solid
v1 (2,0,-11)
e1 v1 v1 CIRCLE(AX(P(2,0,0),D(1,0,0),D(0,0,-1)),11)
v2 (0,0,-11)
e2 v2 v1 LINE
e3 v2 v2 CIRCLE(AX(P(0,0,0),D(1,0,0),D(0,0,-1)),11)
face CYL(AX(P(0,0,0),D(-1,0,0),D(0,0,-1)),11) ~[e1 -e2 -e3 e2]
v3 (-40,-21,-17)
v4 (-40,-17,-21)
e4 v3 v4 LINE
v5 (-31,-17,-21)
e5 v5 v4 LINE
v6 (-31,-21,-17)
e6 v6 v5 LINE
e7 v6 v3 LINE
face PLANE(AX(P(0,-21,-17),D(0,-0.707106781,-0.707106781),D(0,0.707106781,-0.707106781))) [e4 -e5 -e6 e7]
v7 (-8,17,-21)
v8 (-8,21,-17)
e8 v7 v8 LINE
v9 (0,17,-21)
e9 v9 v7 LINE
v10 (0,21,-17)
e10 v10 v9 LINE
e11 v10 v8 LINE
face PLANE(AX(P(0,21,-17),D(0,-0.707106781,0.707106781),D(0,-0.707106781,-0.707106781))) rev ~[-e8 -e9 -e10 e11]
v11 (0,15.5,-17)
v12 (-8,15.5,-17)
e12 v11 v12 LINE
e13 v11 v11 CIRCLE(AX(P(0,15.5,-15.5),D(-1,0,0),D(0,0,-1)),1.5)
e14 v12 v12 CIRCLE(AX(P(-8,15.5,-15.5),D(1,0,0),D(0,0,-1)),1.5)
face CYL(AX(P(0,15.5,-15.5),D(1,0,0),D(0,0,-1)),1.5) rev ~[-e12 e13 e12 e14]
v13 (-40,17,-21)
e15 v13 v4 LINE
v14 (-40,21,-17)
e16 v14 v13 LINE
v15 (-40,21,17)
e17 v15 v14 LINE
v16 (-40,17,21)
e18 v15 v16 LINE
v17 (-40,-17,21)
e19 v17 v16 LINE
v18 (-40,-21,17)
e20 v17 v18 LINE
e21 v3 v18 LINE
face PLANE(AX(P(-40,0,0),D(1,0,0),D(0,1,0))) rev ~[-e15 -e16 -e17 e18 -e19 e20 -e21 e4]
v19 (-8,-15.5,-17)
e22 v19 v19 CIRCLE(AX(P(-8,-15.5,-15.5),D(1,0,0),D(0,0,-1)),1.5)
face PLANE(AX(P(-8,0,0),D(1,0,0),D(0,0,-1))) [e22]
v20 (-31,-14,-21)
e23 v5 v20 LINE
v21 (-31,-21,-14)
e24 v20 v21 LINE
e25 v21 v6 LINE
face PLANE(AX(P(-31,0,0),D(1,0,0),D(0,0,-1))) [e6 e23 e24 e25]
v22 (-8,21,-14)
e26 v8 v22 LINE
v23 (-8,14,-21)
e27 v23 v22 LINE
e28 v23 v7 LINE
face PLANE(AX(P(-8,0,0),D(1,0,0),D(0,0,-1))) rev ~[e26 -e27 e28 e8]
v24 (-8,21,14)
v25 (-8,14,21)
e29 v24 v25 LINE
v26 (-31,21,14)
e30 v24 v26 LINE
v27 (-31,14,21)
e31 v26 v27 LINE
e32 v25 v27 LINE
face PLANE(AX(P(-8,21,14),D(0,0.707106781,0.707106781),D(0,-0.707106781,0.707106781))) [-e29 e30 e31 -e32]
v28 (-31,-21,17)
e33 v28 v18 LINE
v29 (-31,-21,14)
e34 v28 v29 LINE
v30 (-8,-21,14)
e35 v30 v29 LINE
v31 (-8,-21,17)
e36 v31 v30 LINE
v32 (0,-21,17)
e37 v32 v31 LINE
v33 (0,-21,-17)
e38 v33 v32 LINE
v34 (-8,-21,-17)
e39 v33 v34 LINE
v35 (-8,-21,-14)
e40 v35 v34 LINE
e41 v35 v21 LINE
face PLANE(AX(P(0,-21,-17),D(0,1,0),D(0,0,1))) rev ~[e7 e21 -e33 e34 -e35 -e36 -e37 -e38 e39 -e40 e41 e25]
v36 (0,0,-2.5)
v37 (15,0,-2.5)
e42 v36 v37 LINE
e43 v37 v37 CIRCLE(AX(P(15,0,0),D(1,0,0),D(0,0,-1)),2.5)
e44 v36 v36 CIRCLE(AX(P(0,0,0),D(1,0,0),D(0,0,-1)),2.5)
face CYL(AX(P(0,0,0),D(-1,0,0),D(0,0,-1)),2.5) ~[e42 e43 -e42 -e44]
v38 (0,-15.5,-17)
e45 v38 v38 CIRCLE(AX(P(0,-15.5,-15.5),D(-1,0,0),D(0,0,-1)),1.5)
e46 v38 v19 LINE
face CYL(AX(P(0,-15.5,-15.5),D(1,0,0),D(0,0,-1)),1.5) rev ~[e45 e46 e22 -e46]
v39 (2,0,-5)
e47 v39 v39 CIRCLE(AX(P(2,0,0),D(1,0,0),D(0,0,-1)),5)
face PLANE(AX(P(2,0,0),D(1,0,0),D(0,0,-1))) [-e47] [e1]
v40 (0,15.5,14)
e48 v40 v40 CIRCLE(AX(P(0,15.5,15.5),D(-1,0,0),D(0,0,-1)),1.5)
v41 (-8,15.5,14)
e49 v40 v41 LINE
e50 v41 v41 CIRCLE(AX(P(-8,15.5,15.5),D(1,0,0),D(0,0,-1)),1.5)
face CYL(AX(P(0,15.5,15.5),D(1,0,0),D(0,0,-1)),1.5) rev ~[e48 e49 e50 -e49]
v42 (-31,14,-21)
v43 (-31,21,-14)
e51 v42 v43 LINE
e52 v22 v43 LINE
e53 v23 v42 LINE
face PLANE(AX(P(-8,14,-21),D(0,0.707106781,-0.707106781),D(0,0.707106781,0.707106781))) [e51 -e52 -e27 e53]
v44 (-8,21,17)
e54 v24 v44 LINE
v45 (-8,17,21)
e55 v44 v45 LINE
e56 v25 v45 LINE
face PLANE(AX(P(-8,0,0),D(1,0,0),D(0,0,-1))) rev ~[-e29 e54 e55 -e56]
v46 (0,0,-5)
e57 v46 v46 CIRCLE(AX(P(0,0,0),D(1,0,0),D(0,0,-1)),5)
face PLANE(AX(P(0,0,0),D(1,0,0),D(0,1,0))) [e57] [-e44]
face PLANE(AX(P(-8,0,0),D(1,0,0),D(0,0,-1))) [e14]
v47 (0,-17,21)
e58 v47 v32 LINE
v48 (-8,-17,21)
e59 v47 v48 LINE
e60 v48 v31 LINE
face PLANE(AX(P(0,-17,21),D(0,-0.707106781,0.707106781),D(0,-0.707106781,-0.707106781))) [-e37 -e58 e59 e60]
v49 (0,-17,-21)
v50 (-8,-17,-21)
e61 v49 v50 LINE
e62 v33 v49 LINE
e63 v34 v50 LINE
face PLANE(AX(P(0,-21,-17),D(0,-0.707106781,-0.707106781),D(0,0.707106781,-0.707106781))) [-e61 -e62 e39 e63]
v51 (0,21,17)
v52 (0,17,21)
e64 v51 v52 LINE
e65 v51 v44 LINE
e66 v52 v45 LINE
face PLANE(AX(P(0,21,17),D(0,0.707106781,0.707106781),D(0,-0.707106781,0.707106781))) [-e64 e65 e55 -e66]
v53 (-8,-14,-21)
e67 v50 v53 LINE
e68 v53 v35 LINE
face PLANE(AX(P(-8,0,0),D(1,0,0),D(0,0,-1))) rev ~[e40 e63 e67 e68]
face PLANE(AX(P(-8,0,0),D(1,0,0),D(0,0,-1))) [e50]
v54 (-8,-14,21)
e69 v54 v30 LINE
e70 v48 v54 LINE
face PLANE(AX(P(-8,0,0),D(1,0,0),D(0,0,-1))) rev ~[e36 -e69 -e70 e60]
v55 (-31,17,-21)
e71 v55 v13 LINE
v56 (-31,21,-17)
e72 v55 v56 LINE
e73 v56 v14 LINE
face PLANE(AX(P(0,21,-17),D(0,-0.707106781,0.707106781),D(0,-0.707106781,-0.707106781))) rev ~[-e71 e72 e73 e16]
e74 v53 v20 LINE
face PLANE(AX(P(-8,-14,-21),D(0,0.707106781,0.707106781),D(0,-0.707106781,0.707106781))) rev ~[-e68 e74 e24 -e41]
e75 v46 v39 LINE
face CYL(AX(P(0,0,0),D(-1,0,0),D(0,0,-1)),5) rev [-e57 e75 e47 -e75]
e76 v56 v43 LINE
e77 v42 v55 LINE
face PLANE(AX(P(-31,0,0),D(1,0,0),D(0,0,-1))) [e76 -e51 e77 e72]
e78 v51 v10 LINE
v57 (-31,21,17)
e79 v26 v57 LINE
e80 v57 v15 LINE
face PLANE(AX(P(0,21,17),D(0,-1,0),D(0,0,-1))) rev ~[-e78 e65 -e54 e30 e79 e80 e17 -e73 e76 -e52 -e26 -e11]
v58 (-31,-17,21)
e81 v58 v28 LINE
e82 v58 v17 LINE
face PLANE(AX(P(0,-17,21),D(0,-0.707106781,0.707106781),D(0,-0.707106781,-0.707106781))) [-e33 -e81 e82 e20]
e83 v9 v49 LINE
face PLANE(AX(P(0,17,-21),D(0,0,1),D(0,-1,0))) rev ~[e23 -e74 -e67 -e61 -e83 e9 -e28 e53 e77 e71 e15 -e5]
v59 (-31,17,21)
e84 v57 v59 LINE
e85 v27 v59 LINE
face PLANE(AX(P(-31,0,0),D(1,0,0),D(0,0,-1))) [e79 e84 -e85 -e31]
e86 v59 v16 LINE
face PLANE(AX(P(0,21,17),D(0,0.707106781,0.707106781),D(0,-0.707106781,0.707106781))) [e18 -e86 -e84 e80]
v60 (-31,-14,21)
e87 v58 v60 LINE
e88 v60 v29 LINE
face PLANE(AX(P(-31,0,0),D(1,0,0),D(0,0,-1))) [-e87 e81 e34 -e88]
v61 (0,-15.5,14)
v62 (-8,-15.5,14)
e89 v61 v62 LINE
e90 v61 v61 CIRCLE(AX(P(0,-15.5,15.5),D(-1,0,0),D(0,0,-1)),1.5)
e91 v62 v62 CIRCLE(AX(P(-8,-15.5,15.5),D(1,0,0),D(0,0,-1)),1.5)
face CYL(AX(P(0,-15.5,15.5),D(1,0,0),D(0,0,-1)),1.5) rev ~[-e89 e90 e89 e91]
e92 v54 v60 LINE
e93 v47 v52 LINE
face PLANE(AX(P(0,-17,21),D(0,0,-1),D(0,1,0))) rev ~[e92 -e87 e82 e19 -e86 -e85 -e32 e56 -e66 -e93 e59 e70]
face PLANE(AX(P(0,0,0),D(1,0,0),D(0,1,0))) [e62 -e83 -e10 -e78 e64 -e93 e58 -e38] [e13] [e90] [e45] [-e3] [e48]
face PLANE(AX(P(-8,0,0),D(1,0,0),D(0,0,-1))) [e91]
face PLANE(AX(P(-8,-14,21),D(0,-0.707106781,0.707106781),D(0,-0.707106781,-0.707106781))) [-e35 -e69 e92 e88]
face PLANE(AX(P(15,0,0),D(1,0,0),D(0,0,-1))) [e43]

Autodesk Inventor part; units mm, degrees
ref_plane "YZ Plane" through (0, 0, 0) normal (1, 0, 0) x (0, 1, 0)
ref_plane "XZ Plane" through (0, 0, 0) normal (0, 1, 0) x (-1, 0, 0)
ref_plane "XY Plane" through (0, 0, 0) normal (0, 0, 1) x (1, 0, 0)
sketch "Эскиз1" plane through (0, 0, 0) normal (1, 0, 0) x (0, 1, 0)
  line L0 (-17, 21) -> (17, 21)
  line L1 (21, 17) -> (21, -17)
  line L2 (17, -21) -> (-17, -21)
  line L3 (-21, -17) -> (-21, 17)
  line L4 (-21, 21) -> (21, -21) construction
  line L5 (21, 21) -> (-21, -21) construction
  line L6 (21, 17) -> (17, 21)
  line L7 (21, -17) -> (17, -21)
  line L8 (-17, 21) -> (-21, 17)
  line L9 (-21, -17) -> (-17, -21)
  point P0 (0, 0)
  dimension "d0" = 42
  dimension "d1" = 42
  dimension "d2" = 4
  dimension "d3" = 4
  dimension "d4" = 4
  dimension "d5" = 4
  dimension "d6" = 4
  dimension "d7" = 4
  dimension "d8" = 4
  dimension "d9" = 4
extrude "Выдавливание1" add sketch "Эскиз1" against normal blind 40
ref_plane "РабПлоскость1" through (-8, 0, 0) normal (1, 0, 0) x (0, 0, -1)
sketch "Эскиз2" plane through (-8, 0, 0) normal (1, 0, 0) x (0, 0, -1)
  line L0 (-21, -17) -> (-17, -21)
  line L1 (-14, -21) -> (14, -21)
  line L2 (17, -21) -> (21, -17)
  line L3 (21, -14) -> (21, 14)
  line L4 (21, 17) -> (17, 21)
  line L5 (17, 21) -> (-14, 21)
  line L6 (-17, 21) -> (-21, 17)
  line L7 (-21, 14) -> (-21, -14)
  line L8 (14, 21) -> (-17, 21)
  line L9 (-21, -17) -> (-21, 17)
  line L10 (21, -17) -> (21, 17)
  line L11 (-17, -21) -> (17, -21)
  line L12 (-14, 21) -> (-21, 14)
  line L13 (-21, -14) -> (-14, -21)
  line L14 (21, -14) -> (14, -21)
  line L15 (21, 14) -> (14, 21)
  point P0 (0, 0)
  point P1 (-21, 21)
  point P2 (-21, -21)
  point P3 (21, -21)
  point P4 (21, 21)
  point P5 (14, -21)
  point P6 (-14, 21)
  dimension "d14" = 7
  dimension "d15" = 7
  dimension "d16" = 7
  dimension "d17" = 7
  dimension "d18" = 7
  dimension "d19" = 7
  dimension "d20" = 7
  dimension "d21" = 7
extrude "Выдавливание2" cut sketch "Эскиз2" against normal blind 23 contours L9 L13 L11 L0 | L9 L6 L8 L12 | L14 L10 L2 L11 | L5 L4 L10 L15
sketch "Эскиз3" plane through (0, 0, 0) normal (1, 0, 0) x (0, 0, -1)
  line L0 (-21, -17) -> (-17, -21) projected
  line L1 (-17, -21) -> (17, -21) projected
  line L2 (17, -21) -> (21, -17) projected
  line L3 (21, -17) -> (21, 17) projected
  line L4 (21, 17) -> (17, 21) projected
  line L5 (17, 21) -> (-17, 21) projected
  line L6 (-17, 21) -> (-21, 17) projected
  line L7 (-21, 17) -> (-21, -17) projected
  circle A0 centre (0, 0) radius 2.5
  dimension "d24" = 5
extrude "Выдавливание3" add sketch "Эскиз3" along normal blind 15 contours A0
sketch "Эскиз4" plane through (0, 0, 0) normal (1, 0, 0) x (0, 0, -1)
  line L0 (-15.5, -15.5) -> (15.5, -15.5)
  line L1 (15.5, -15.5) -> (15.5, 15.5)
  line L2 (15.5, 15.5) -> (-15.5, 15.5)
  line L3 (-15.5, 15.5) -> (-15.5, -15.5)
  line L4 (-15.5, -15.5) -> (15.5, 15.5) construction
  line L5 (15.5, -15.5) -> (-15.5, 15.5) construction
  circle A0 centre (-15.5, 15.5) radius 1.5
  circle A1 centre (15.5, 15.5) radius 1.5
  circle A2 centre (15.5, -15.5) radius 1.5
  circle A3 centre (-15.5, -15.5) radius 1.5
  point P0 (0, 0)
  dimension "d27" = 31
  dimension "d28" = 31
  dimension "d29" = 3
  dimension "d30" = 3
  dimension "d31" = 3
  dimension "d32" = 3
extrude "Выдавливание4" cut sketch "Эскиз4" against normal blind 8 contours L3 A3 L0 | L0 A3 L3 | A2 L1 L0 | L0 L1 A2 | A0 L2 L3 | L3 L2 A0 | A1 L2 L1 | L1 L2 A1
sketch "Эскиз5" plane through (15, 0, 0) normal (1, 0, 0) x (0, 0, -1)
  point P0 (0, 0)
sketch "Эскиз6" plane through (0, 0, 0) normal (1, 0, 0) x (0, 0, -1)
  circle A0 centre (0, 0) radius 2.5 projected
  circle A1 centre (0, 0) radius 11
  circle A2 centre (0, 0) radius 5
  dimension "d35" = 22
  dimension "d36" = 6
extrude "Выдавливание5" add sketch "Эскиз6" along normal blind 2 contours A1
equation "\"d3\" = d2"
equation "\"d4\" = d2"
equation "\"d5\" = d4"
equation "\"d6\" = d2"
equation "\"d7\" = d6"
equation "\"d8\" = d2"
equation "\"d9\" = d8"
equation "\"d15\" = d14"
equation "\"d16\" = d14"
equation "\"d17\" = d16"
equation "\"d18\" = d14"
equation "\"d19\" = d18"
equation "\"d20\" = d14"
equation "\"d21\" = d20"
properties part number "Шаговик17" material "Сталь, литейная"
